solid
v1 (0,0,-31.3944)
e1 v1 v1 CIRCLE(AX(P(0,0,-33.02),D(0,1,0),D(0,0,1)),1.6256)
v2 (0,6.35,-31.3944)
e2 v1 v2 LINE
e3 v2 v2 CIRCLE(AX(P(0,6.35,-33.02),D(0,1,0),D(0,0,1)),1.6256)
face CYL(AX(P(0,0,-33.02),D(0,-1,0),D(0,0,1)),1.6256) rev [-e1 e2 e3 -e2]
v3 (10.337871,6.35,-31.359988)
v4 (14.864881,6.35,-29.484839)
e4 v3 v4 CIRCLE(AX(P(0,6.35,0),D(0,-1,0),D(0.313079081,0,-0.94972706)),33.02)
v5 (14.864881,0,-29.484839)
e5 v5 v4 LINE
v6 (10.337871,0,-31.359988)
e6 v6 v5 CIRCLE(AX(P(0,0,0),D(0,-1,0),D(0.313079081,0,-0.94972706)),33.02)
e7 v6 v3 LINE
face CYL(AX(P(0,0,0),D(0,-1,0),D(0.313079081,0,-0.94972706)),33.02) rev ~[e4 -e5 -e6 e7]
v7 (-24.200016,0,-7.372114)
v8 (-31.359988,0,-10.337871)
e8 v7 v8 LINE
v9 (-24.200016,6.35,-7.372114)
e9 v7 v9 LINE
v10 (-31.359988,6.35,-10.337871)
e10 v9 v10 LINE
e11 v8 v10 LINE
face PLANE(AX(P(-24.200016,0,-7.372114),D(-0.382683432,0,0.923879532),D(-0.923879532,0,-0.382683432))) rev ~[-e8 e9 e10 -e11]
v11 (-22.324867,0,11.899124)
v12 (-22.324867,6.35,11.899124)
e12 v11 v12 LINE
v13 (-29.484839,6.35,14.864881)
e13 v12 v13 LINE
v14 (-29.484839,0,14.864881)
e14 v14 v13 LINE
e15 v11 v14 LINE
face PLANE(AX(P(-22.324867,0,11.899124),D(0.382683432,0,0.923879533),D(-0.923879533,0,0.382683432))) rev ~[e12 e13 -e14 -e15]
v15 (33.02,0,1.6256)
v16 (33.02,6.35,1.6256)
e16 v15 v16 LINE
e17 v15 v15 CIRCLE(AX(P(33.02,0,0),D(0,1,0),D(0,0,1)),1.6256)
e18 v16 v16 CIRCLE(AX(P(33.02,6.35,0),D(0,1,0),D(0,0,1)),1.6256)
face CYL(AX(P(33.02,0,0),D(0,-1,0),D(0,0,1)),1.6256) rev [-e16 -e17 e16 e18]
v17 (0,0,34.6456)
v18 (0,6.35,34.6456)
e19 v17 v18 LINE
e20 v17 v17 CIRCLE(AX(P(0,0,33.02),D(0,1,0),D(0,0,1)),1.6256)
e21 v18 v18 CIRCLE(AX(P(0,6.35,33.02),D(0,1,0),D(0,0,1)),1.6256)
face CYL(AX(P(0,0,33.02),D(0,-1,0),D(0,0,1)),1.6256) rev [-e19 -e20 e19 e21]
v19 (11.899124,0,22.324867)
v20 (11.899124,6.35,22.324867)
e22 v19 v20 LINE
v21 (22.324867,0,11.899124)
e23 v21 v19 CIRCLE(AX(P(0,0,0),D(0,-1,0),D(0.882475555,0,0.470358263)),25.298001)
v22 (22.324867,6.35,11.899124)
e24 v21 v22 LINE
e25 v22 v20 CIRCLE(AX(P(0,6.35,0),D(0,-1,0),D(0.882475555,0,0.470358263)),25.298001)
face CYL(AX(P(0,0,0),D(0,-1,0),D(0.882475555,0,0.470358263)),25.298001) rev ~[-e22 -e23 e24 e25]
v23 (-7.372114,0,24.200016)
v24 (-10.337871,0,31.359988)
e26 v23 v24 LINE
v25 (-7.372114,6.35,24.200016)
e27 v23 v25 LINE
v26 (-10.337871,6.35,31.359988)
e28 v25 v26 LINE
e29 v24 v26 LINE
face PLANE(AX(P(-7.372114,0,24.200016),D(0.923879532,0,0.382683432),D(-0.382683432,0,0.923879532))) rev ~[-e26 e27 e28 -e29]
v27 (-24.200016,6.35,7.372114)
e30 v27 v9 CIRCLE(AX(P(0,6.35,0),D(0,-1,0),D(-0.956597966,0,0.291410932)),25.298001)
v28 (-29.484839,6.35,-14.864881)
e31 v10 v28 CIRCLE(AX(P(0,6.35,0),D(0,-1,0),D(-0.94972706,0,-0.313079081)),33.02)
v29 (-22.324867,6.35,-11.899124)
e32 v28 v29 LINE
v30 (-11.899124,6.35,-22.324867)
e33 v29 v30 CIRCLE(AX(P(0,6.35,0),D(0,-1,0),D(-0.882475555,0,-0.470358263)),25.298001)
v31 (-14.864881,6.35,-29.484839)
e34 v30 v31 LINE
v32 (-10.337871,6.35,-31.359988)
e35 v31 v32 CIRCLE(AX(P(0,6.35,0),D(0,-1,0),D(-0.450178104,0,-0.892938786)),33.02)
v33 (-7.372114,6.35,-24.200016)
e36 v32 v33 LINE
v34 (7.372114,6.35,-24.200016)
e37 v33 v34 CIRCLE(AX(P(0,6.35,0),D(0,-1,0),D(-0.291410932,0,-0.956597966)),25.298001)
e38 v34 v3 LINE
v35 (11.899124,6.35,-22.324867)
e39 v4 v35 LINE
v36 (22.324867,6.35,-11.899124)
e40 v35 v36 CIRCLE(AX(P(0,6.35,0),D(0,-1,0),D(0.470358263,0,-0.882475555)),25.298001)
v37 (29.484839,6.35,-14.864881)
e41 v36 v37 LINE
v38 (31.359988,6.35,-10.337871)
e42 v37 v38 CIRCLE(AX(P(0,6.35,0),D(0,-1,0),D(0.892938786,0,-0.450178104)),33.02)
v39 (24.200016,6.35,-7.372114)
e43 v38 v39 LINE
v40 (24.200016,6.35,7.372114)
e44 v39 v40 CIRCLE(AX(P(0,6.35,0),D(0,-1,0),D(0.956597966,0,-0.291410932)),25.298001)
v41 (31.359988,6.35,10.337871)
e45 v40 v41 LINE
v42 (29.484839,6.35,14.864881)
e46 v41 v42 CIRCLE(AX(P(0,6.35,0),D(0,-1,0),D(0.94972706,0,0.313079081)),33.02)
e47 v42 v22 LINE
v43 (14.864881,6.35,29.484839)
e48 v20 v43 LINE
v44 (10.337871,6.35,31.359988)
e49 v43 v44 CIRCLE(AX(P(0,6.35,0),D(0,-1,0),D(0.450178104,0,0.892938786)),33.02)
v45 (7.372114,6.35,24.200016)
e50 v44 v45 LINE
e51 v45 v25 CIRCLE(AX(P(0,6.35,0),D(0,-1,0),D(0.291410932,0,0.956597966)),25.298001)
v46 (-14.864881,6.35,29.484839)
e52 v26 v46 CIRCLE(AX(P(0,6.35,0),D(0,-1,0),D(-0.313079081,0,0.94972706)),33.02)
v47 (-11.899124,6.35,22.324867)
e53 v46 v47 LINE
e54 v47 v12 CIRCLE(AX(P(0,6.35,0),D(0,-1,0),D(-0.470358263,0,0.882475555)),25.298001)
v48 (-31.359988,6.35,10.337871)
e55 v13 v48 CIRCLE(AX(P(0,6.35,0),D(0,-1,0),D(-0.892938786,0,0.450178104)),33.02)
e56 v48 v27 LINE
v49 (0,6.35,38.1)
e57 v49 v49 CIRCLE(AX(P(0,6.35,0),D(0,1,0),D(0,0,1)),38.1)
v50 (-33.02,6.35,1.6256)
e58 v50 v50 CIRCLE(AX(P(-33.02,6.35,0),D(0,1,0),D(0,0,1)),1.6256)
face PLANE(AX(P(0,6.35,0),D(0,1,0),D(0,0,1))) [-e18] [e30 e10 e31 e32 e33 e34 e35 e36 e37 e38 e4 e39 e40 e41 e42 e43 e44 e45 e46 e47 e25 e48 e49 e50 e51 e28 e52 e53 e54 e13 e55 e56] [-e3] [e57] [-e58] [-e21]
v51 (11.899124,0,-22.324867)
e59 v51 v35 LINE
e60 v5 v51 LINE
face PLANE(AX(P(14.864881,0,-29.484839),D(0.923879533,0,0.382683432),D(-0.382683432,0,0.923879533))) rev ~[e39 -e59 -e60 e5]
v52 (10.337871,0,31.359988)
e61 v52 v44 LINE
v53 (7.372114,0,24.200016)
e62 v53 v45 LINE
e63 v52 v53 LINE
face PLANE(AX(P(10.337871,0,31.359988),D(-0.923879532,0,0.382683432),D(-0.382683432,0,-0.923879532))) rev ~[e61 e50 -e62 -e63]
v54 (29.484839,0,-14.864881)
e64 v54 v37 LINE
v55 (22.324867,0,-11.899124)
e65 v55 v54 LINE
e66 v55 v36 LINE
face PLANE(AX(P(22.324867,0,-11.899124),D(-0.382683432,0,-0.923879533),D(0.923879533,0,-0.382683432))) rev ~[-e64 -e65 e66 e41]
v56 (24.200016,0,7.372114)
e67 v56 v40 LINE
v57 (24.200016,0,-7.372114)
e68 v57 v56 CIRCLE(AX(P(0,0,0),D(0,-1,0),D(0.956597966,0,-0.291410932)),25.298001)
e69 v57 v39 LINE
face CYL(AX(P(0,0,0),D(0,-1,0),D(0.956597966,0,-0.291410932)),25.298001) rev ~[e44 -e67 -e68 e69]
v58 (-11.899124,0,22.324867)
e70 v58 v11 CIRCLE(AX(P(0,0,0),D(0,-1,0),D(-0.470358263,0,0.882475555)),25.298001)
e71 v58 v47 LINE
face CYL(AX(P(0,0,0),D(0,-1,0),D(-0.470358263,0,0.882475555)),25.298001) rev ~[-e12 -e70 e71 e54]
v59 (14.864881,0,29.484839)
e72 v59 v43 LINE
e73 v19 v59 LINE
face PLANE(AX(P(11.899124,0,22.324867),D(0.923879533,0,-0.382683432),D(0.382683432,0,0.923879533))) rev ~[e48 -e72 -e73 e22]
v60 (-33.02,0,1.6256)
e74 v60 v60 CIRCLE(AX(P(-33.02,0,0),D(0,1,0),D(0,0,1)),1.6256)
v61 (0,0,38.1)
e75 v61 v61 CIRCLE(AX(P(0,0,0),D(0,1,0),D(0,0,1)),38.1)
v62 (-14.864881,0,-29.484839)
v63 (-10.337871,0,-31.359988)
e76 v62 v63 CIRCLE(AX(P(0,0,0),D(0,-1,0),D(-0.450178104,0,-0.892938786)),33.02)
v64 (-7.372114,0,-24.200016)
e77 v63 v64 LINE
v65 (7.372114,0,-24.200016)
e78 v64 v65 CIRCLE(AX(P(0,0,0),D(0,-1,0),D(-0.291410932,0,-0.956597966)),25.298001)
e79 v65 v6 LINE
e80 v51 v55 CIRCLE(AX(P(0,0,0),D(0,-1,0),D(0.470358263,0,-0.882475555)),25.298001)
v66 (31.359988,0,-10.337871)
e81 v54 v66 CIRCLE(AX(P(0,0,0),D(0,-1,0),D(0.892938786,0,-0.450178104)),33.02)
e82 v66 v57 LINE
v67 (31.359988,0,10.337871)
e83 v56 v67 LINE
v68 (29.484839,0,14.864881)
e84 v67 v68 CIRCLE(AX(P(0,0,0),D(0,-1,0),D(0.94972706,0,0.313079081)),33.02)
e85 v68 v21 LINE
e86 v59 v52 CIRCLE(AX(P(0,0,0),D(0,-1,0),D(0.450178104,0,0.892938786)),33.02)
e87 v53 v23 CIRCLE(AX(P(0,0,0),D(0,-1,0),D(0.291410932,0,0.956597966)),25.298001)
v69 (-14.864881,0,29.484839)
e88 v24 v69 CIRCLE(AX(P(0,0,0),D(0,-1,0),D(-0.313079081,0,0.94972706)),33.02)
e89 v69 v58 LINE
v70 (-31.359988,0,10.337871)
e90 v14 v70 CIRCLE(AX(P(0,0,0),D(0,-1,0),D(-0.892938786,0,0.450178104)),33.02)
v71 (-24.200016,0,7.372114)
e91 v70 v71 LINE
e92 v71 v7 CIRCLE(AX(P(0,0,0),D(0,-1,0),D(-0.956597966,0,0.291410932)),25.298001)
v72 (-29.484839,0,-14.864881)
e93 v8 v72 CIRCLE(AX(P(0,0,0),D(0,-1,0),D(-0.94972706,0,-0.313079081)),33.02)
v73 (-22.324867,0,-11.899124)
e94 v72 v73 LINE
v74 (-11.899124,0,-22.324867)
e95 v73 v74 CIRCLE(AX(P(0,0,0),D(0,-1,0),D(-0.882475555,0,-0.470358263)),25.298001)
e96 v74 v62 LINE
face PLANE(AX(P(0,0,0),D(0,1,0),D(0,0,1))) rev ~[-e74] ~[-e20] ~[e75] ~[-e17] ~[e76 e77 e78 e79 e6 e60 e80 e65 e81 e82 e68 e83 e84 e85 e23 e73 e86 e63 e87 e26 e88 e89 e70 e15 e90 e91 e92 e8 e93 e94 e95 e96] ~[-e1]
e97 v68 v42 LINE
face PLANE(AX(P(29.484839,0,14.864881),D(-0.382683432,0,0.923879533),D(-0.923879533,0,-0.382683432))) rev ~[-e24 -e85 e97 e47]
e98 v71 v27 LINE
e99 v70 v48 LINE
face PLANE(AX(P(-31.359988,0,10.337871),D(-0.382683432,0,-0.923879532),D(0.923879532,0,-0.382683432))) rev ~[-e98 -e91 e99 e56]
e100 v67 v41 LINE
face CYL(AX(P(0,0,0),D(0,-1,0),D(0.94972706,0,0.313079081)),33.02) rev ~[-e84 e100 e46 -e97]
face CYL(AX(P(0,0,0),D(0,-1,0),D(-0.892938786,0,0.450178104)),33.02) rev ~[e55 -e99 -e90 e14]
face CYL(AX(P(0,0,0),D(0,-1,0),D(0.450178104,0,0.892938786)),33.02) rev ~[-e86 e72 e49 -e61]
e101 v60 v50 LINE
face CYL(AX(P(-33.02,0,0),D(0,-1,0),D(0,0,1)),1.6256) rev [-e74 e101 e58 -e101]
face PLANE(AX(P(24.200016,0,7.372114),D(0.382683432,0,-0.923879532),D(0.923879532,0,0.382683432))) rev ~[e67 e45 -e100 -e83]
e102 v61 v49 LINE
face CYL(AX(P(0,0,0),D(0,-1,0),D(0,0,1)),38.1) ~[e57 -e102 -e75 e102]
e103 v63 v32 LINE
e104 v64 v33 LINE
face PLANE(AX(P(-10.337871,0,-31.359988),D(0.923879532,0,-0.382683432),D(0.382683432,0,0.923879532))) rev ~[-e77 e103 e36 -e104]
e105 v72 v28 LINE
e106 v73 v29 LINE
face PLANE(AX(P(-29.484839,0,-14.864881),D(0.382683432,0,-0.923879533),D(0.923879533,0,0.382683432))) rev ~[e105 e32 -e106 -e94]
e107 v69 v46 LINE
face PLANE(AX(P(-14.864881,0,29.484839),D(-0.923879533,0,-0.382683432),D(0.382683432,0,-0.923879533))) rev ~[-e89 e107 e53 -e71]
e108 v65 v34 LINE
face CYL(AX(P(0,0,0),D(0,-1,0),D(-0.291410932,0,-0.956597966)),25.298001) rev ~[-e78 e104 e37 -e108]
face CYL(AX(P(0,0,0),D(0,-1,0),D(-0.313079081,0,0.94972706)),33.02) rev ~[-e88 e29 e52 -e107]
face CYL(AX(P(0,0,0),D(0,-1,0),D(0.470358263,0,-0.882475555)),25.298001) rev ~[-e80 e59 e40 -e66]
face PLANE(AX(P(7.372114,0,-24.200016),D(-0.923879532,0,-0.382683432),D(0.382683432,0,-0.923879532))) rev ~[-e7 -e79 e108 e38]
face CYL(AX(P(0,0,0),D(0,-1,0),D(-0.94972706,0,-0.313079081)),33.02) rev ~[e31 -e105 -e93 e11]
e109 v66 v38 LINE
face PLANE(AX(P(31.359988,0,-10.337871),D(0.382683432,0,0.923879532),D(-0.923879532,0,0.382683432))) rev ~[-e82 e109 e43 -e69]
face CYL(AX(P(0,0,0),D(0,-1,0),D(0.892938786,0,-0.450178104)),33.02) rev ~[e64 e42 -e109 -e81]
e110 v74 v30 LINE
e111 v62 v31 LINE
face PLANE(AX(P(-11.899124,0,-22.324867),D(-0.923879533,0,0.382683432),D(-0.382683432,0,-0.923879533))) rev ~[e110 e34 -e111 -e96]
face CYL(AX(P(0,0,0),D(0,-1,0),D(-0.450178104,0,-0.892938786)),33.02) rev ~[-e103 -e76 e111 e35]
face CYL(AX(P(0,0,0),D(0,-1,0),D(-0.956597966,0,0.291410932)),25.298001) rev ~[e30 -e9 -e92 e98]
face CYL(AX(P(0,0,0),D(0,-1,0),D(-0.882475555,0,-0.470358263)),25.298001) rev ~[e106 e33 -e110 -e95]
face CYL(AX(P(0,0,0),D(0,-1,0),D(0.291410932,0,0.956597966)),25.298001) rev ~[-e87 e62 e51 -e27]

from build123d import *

# Parameters (mm, degrees)
SKETCH1_R           = 38.1
SKETCH1_R_2         = 1.6256
BOSS_EXTRUDE1_DEPTH = 6.35


with BuildPart() as part:
    # Sketch1 → Boss-Extrude1 (new body)
    with BuildSketch(Plane(origin=(0, 0, 0), x_dir=(1, 0, 0), z_dir=(0, 1, 0))):
        with Locations(Location((0, 0, 0), (0, 0, 270))):
            Circle(SKETCH1_R)
        with Locations(Location((0, 33.02, 0), (0, 0, 270))):
            Circle(SKETCH1_R_2, mode=Mode.SUBTRACT)
        with Locations(Location((33.02, 0, 0), (0, 0, 270))):
            Circle(SKETCH1_R_2, mode=Mode.SUBTRACT)
        with Locations(Location((0, -33.02, 0), (0, 0, 270))):
            Circle(SKETCH1_R_2, mode=Mode.SUBTRACT)
        with Locations(Location((-33.02, 0, 0), (0, 0, 270))):
            Circle(SKETCH1_R_2, mode=Mode.SUBTRACT)
        with BuildLine():
            Line((29.48483871, -14.864880969), (22.32486724, -11.89912368))
            ThreePointArc((22.32486724, -11.89912368), (17.888387876, -17.888387876), (11.89912368, -22.32486724))
            Line((11.89912368, -22.32486724), (14.864880969, -29.48483871))
            ThreePointArc((14.864880969, -29.48483871), (12.636206937, -30.506502164), (10.33787126, -31.359987529))
            Line((10.33787126, -31.359987529), (7.37211397, -24.200016059))
            ThreePointArc((7.37211397, -24.200016059), (0, -25.298000744), (-7.37211397, -24.200016059))
            Line((-7.37211397, -24.200016059), (-10.33787126, -31.359987529))
            ThreePointArc((-10.33787126, -31.359987529), (-12.636206937, -30.506502164), (-14.864880969, -29.48483871))
            Line((-14.864880969, -29.48483871), (-11.89912368, -22.32486724))
            ThreePointArc((-11.89912368, -22.32486724), (-17.888387876, -17.888387876), (-22.32486724, -11.89912368))
            Line((-22.32486724, -11.89912368), (-29.48483871, -14.864880969))
            ThreePointArc((-29.48483871, -14.864880969), (-30.506502164, -12.636206937), (-31.359987529, -10.33787126))
            Line((-31.359987529, -10.33787126), (-24.200016059, -7.37211397))
            ThreePointArc((-24.200016059, -7.37211397), (-25.298000744, 0), (-24.200016059, 7.37211397))
            Line((-24.200016059, 7.37211397), (-31.359987529, 10.33787126))
            ThreePointArc((-31.359987529, 10.33787126), (-30.506502164, 12.636206937), (-29.48483871, 14.864880969))
            Line((-29.48483871, 14.864880969), (-22.32486724, 11.89912368))
            ThreePointArc((-22.32486724, 11.89912368), (-17.888387876, 17.888387876), (-11.89912368, 22.32486724))
            Line((-11.89912368, 22.32486724), (-14.864880969, 29.48483871))
            ThreePointArc((-14.864880969, 29.48483871), (-12.636206937, 30.506502164), (-10.33787126, 31.359987529))
            Line((-10.33787126, 31.359987529), (-7.37211397, 24.200016059))
            ThreePointArc((-7.37211397, 24.200016059), (0, 25.298000744), (7.37211397, 24.200016059))
            Line((7.37211397, 24.200016059), (10.33787126, 31.359987529))
            ThreePointArc((10.33787126, 31.359987529), (12.636206937, 30.506502164), (14.864880969, 29.48483871))
            Line((14.864880969, 29.48483871), (11.89912368, 22.32486724))
            ThreePointArc((11.89912368, 22.32486724), (17.888387876, 17.888387876), (22.32486724, 11.89912368))
            Line((22.32486724, 11.89912368), (29.48483871, 14.864880969))
            ThreePointArc((29.48483871, 14.864880969), (30.506502164, 12.636206937), (31.359987529, 10.33787126))
            Line((31.359987529, 10.33787126), (24.200016059, 7.37211397))
            ThreePointArc((24.200016059, 7.37211397), (25.298000744, 0), (24.200016059, -7.37211397))
            Line((24.200016059, -7.37211397), (31.359987529, -10.33787126))
            ThreePointArc((31.359987529, -10.33787126), (30.506502164, -12.636206937), (29.48483871, -14.864880969))
        make_face(mode=Mode.SUBTRACT)
    extrude(amount=BOSS_EXTRUDE1_DEPTH)


solid = part.part
